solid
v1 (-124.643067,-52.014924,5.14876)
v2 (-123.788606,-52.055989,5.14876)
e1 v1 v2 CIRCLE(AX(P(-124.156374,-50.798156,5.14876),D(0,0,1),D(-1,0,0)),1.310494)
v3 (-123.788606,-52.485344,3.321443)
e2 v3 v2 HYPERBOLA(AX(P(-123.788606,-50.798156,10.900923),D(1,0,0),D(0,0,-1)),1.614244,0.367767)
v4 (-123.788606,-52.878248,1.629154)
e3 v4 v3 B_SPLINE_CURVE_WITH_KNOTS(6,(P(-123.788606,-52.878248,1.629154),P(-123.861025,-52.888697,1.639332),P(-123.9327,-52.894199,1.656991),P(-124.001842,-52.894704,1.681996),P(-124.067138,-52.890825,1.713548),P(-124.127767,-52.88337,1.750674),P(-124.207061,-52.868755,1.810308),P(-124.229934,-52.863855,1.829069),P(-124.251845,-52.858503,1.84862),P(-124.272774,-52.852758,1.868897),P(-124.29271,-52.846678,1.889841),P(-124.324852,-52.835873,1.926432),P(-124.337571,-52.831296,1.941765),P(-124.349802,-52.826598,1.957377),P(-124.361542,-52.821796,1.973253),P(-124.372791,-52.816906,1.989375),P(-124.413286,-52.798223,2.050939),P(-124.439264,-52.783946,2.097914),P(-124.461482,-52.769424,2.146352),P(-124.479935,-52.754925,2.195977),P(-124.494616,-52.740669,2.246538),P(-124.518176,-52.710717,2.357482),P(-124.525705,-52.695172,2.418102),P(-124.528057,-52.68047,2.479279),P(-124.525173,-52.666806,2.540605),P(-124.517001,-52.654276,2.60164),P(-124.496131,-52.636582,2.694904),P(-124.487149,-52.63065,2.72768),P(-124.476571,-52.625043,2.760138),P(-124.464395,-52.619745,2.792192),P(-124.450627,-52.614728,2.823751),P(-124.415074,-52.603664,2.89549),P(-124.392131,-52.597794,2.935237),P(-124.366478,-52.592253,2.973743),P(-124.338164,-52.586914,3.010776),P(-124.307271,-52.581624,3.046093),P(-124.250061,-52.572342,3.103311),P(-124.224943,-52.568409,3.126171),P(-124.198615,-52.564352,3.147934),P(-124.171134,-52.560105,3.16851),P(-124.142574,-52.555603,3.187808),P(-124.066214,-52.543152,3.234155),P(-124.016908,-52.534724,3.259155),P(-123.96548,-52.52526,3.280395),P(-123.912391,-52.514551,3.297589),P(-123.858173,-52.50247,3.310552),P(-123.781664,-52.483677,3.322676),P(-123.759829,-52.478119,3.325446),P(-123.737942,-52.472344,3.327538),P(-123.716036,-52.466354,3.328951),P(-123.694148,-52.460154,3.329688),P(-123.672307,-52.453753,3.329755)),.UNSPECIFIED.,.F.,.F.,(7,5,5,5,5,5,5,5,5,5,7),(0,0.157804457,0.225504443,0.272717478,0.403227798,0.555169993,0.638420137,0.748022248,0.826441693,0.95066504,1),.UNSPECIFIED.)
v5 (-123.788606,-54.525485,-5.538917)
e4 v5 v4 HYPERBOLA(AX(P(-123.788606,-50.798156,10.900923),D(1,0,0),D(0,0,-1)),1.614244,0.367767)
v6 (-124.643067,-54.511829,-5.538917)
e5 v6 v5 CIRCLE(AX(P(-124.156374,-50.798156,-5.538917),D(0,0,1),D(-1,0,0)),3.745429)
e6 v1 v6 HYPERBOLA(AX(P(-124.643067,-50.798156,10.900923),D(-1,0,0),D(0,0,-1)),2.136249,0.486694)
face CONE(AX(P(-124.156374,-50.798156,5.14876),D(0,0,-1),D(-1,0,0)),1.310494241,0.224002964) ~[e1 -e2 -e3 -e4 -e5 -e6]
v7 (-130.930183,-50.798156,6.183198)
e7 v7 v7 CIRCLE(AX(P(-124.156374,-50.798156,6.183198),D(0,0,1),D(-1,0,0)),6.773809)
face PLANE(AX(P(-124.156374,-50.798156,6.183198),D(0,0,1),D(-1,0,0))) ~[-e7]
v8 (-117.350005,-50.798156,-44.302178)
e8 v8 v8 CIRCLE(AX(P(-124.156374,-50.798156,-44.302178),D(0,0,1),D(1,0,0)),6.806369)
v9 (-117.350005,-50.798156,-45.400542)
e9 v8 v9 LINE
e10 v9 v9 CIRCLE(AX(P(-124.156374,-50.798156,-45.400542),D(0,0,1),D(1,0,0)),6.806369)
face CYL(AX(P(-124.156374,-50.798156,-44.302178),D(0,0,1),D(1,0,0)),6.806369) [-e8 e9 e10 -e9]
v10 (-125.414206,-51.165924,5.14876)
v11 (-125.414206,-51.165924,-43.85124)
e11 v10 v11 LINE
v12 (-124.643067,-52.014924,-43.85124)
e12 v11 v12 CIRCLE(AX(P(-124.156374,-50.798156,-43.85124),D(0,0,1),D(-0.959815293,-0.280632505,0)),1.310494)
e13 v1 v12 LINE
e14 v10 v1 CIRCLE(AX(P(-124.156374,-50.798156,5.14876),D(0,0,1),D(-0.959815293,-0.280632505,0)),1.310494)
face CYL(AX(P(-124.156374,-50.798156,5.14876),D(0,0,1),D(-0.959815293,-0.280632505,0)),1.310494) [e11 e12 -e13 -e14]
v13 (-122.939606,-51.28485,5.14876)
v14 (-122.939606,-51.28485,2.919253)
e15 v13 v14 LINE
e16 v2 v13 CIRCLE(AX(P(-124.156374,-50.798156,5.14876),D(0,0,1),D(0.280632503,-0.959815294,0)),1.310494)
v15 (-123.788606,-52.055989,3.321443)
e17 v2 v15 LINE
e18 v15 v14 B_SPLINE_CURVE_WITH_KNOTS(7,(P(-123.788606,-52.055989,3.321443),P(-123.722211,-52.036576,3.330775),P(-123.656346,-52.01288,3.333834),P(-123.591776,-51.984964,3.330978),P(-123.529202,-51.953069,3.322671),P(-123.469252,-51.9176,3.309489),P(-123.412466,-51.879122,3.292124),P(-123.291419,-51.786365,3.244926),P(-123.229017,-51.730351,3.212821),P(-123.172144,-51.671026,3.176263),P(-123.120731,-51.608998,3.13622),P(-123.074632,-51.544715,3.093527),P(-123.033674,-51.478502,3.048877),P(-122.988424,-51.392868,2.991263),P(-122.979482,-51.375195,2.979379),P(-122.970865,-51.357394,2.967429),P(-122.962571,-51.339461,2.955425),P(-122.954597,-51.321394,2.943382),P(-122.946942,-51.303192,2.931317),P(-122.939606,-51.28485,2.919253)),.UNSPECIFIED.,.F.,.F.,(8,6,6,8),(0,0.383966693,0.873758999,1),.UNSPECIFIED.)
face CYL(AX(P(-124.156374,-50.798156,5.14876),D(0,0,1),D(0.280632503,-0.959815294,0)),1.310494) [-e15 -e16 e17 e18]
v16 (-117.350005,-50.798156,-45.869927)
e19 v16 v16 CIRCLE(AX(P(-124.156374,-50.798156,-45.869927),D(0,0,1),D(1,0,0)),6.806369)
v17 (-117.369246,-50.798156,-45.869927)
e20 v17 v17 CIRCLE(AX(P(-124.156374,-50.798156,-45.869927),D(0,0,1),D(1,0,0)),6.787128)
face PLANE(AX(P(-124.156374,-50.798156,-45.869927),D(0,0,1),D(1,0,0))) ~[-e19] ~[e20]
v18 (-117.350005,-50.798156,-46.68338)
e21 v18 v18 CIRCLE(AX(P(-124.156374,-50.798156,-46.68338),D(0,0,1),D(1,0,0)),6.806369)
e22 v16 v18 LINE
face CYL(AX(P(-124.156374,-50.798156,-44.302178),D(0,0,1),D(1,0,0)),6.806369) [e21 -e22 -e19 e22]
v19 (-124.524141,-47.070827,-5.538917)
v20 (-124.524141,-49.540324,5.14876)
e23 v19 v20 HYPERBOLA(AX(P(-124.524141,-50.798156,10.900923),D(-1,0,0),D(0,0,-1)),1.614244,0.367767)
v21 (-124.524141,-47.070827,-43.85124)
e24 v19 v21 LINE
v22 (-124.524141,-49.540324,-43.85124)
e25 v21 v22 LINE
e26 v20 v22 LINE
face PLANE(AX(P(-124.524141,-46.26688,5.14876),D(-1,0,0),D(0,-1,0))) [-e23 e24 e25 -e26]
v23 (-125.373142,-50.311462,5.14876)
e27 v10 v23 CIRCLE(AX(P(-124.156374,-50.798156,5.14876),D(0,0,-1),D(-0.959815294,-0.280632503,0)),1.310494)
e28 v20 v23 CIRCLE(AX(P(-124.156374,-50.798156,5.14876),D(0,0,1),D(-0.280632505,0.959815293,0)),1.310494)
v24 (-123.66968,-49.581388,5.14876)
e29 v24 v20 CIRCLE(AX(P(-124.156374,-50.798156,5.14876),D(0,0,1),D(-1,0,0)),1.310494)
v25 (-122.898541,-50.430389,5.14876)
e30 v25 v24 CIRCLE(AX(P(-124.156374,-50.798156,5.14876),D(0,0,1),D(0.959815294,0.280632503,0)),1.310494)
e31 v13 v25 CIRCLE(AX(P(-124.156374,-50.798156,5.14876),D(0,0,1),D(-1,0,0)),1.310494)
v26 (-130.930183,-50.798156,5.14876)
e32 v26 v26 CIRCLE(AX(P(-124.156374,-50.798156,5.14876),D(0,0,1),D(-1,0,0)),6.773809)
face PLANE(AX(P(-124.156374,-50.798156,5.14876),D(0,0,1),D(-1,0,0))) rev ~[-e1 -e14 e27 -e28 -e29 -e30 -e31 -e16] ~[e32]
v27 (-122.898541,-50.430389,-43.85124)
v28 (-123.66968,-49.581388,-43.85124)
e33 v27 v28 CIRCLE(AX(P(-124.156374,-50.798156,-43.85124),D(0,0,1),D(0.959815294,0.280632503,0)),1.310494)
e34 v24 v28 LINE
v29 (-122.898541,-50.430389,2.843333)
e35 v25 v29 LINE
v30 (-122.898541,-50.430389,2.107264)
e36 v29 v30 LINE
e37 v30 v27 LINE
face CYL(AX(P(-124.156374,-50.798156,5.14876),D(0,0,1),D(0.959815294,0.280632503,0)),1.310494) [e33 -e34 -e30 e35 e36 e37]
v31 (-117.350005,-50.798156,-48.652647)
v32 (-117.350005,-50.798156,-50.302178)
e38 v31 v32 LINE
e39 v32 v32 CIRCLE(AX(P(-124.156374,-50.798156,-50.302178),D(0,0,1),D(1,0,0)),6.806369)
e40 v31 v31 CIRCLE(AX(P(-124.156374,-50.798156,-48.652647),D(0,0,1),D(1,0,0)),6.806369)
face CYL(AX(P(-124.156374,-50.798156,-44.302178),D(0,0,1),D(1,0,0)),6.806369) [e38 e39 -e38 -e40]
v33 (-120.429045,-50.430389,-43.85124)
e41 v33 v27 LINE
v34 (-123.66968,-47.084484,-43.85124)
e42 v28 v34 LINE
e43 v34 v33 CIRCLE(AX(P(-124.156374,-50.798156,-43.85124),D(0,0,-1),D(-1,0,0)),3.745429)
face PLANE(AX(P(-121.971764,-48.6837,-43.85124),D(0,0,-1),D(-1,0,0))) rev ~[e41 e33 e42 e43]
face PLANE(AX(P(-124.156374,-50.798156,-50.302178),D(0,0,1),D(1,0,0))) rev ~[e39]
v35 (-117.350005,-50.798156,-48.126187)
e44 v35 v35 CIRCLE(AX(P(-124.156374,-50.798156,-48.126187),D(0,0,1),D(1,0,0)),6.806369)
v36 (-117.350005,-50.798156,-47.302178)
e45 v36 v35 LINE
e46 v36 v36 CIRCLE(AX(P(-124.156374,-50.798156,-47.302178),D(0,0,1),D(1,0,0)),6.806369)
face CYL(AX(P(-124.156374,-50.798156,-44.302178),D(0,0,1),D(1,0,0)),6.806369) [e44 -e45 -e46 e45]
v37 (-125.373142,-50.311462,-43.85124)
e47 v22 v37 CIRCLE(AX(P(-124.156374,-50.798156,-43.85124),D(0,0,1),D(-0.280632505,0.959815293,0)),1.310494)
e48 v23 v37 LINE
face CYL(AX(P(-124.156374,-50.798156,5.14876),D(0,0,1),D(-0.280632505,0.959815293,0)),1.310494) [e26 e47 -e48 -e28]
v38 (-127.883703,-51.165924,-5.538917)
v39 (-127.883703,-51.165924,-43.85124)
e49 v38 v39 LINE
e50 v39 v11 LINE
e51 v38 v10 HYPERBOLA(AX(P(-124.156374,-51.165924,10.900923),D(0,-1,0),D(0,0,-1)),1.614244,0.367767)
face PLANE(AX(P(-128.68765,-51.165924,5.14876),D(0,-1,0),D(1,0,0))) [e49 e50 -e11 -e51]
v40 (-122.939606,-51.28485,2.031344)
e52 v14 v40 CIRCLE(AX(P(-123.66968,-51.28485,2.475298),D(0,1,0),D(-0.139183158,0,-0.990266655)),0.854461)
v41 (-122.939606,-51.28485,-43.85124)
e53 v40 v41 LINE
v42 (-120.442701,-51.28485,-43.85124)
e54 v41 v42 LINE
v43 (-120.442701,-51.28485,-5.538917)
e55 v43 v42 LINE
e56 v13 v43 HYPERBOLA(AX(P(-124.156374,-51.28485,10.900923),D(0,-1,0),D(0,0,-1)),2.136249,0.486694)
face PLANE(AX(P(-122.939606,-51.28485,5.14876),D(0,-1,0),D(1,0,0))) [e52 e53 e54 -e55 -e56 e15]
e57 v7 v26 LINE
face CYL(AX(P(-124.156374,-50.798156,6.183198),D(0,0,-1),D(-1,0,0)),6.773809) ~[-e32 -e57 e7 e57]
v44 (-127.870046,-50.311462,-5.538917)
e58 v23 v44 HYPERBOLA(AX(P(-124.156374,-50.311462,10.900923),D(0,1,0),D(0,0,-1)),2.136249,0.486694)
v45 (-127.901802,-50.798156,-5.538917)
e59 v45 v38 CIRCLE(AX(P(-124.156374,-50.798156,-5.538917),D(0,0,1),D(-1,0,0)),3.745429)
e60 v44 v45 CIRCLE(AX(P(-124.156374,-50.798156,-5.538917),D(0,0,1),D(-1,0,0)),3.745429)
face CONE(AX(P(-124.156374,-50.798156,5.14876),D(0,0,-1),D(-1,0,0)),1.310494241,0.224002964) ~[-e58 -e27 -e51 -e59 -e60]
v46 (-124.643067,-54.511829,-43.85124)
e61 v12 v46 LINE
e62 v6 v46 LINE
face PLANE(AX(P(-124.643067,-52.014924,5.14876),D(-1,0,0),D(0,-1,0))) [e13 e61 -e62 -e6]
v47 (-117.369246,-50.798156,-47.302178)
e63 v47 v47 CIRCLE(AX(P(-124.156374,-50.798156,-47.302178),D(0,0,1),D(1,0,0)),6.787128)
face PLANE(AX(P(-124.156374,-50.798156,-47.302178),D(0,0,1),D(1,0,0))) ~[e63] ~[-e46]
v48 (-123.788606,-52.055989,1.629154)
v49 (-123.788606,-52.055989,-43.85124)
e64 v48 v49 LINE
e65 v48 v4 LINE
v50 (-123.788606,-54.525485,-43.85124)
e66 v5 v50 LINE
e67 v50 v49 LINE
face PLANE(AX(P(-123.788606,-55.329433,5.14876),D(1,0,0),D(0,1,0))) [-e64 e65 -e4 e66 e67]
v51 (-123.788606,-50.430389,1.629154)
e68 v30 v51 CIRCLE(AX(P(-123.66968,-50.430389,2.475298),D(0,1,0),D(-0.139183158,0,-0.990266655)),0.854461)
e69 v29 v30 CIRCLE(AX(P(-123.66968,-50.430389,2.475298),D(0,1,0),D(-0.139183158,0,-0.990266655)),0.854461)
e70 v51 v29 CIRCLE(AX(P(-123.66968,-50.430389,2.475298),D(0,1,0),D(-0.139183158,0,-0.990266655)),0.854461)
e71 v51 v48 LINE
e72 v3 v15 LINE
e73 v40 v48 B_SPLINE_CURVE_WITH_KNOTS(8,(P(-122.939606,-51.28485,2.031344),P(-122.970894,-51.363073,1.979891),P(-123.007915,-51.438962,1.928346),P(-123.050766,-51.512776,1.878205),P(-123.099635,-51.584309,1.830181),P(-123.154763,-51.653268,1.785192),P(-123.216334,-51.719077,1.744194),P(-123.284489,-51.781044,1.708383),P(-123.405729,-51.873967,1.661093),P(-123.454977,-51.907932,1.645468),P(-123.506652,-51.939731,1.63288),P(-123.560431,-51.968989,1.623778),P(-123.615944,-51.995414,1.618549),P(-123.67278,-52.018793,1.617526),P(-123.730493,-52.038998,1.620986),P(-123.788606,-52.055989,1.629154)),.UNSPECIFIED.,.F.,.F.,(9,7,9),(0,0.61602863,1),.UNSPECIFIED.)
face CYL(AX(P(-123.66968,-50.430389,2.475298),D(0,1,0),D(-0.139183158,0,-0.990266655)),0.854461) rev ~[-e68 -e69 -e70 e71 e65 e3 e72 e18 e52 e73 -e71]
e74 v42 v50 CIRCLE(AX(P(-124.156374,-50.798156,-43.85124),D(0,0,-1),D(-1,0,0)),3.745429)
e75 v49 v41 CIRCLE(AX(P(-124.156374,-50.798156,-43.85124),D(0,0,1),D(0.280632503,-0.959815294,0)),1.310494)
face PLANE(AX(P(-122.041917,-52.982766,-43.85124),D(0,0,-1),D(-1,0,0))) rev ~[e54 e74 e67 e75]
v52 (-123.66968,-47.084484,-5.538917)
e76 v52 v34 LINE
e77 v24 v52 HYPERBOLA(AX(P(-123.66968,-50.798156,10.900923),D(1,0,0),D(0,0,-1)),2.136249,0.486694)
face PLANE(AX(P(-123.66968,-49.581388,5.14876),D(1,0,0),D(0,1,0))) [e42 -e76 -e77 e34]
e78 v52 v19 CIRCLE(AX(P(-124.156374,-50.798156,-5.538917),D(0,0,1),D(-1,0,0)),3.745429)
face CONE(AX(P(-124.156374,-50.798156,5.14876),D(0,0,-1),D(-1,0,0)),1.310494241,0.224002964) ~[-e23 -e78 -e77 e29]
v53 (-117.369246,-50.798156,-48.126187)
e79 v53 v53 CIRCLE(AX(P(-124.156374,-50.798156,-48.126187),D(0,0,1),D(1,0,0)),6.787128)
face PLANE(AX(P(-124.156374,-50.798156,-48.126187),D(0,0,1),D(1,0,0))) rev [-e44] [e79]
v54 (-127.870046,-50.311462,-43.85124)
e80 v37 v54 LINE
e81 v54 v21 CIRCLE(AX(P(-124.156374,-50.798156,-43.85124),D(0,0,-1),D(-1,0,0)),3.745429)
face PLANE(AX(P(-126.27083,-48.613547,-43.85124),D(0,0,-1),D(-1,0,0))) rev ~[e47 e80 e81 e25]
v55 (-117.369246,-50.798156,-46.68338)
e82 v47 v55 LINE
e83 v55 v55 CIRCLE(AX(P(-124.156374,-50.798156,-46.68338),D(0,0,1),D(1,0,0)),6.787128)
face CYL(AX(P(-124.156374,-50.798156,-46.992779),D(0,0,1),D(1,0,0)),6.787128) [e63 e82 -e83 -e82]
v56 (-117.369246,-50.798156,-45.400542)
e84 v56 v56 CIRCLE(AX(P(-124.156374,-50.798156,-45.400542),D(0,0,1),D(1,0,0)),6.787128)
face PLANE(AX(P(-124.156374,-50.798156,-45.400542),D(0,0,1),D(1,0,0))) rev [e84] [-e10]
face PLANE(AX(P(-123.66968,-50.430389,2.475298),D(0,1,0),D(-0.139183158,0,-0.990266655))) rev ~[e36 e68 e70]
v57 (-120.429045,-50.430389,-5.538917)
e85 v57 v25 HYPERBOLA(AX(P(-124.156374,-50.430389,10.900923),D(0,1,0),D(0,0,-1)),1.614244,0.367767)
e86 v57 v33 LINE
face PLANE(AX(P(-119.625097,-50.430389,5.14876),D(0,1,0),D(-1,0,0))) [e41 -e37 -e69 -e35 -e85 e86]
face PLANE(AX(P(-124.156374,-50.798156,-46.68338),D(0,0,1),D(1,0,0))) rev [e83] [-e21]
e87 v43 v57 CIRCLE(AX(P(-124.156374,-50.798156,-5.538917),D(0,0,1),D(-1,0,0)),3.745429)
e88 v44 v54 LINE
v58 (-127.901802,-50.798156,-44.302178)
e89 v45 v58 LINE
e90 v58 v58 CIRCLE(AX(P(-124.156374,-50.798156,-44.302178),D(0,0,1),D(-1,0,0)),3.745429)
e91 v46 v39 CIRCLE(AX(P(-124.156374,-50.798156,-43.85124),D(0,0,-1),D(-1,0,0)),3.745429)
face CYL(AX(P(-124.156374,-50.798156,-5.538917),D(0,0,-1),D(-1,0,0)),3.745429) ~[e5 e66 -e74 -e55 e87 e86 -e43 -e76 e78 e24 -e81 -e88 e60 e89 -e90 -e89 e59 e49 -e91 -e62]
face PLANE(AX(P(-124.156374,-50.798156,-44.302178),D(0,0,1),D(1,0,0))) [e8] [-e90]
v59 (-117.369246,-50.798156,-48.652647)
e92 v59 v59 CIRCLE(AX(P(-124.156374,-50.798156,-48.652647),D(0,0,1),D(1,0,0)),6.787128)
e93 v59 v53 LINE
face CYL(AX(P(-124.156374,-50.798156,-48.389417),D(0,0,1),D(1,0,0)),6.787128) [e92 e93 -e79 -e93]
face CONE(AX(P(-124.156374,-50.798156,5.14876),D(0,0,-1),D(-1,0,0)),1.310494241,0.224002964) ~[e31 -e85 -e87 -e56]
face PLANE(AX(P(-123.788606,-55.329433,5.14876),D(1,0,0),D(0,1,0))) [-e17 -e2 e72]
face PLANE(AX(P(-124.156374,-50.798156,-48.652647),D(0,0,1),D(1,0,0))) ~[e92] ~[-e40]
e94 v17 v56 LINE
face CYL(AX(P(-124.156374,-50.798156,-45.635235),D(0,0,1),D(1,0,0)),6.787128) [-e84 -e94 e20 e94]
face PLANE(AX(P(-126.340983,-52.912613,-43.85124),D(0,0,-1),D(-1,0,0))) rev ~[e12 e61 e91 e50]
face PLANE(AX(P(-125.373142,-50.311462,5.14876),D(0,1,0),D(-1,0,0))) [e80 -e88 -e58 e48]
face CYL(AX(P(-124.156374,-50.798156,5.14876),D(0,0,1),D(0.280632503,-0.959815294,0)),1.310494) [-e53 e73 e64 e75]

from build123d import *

# Parameters (mm, degrees)
SKETCH2_R           = 6.806368693
BOSS_EXTRUDE1_DEPTH = 6
CUT_EXTRUDE1_DEPTH  = 49
SKETCH5_W           = 0.469385106
SKETCH5_H           = 0.019240939
SKETCH5_W_2         = 0.618798201
SKETCH5_W_3         = 0.526460496
SKETCH7_R           = 0.854461161
CUT_EXTRUDE2_DEPTH  = 10


with BuildPart() as part:
    # Sketch2 → Boss-Extrude1 (new body)
    with BuildSketch(Plane.XY.offset(-44.302178105)):
        with Locations((-124.156373602, -50.798156381)):
            Circle(SKETCH2_R)
    extrude(amount=-BOSS_EXTRUDE1_DEPTH)

    # Sketch3 → Revolve1 (revolve)
    with BuildSketch(Plane.ZY.offset(124.156373602), mode=Mode.PRIVATE) as revolve1_sk:
        Polygon((-44.302178105, -50.798156381), (6.183197751, -50.798156381), (6.183197751, -44.024347355), (5.148759689, -44.024347355), (5.148759689, -49.48766214), (-5.538916802, -47.052727869), (-44.302178105, -47.052727869), align=None)
    revolve(revolve1_sk.sketch.rotate(Axis((-124.156373602, -50.798156381, -44.302178105), (0, 0, 1)), 90), axis=Axis((-124.156373602, -50.798156381, -44.302178105), (0, 0, 1)))

    # Sketch4 → Cut-Extrude1 (cut)
    with BuildSketch(Plane(origin=(0, 0, 5.148759689), x_dir=(-1, 0, 0), z_dir=(0, 0, -1))):
        with BuildLine():
            ThreePointArc((122.898541187, -50.430389102), (123.18629962, -49.917048201), (123.669679719, -49.581388441))
            Line((123.669679719, -49.581388441), (123.669679719, -46.278106739))
            ThreePointArc((123.669679719, -46.278106739), (120.899785056, -47.626035521), (119.625097078, -50.430389102))
            Line((119.625097078, -50.430389102), (122.898541187, -50.430389102))
        make_face()
        with BuildLine():
            Line((124.524140881, -46.266879857), (124.524140881, -49.540323966))
            ThreePointArc((124.524140881, -49.540323966), (125.037481781, -49.828082399), (125.373141541, -50.311462498))
            Line((125.373141541, -50.311462498), (128.676423243, -50.311462498))
            ThreePointArc((128.676423243, -50.311462498), (127.328494461, -47.541567835), (124.524140881, -46.266879857))
        make_face()
        with BuildLine():
            Line((128.687650125, -51.16592366), (125.414206016, -51.16592366))
            ThreePointArc((125.414206016, -51.16592366), (125.126447583, -51.67926456), (124.643067484, -52.01492432))
            Line((124.643067484, -52.01492432), (124.643067484, -55.318206023))
            ThreePointArc((124.643067484, -55.318206023), (127.412962147, -53.97027724), (128.687650125, -51.16592366))
        make_face()
        with BuildLine():
            ThreePointArc((123.788606323, -52.055988795), (123.275265422, -51.768230362), (122.939605662, -51.284850263))
            Line((122.939605662, -51.284850263), (119.63632396, -51.284850263))
            ThreePointArc((119.63632396, -51.284850263), (120.984252742, -54.054744926), (123.788606323, -55.329432904))
            Line((123.788606323, -55.329432904), (123.788606323, -52.055988795))
        make_face()
    extrude(amount=CUT_EXTRUDE1_DEPTH, mode=Mode.SUBTRACT)

    # Sketch5 → Cut-Revolve2 (revolve, cut)
    with BuildSketch(Plane.ZY.offset(124.156373602), mode=Mode.PRIVATE) as cut_revolve2_sk:
        with Locations((-45.635234776, -44.001408158)):
            Rectangle(SKETCH5_W, SKETCH5_H)
        with Locations((-46.992779005, -44.001408158)):
            Rectangle(SKETCH5_W_2, SKETCH5_H)
        with Locations((-48.389416848, -44.001408158)):
            Rectangle(SKETCH5_W_3, SKETCH5_H)
    revolve(cut_revolve2_sk.sketch.rotate(Axis((-124.156373602, -50.798156381, -50.302178105), (0, 0, 1)), 270), axis=Axis((-124.156373602, -50.798156381, -50.302178105), (0, 0, 1)), mode=Mode.SUBTRACT)

    # Sketch7 → Cut-Extrude2 (cut)
    with BuildSketch(Plane(origin=(0, -50.430389102, 0), x_dir=(1, 0, 0), z_dir=(0, 1, 0))):
        with Locations(Location((-123.669679719, -2.475298292, 0), (0, 0, 98.000581908))):
            Circle(SKETCH7_R)
    extrude(amount=-CUT_EXTRUDE2_DEPTH, mode=Mode.SUBTRACT)


solid = part.part
